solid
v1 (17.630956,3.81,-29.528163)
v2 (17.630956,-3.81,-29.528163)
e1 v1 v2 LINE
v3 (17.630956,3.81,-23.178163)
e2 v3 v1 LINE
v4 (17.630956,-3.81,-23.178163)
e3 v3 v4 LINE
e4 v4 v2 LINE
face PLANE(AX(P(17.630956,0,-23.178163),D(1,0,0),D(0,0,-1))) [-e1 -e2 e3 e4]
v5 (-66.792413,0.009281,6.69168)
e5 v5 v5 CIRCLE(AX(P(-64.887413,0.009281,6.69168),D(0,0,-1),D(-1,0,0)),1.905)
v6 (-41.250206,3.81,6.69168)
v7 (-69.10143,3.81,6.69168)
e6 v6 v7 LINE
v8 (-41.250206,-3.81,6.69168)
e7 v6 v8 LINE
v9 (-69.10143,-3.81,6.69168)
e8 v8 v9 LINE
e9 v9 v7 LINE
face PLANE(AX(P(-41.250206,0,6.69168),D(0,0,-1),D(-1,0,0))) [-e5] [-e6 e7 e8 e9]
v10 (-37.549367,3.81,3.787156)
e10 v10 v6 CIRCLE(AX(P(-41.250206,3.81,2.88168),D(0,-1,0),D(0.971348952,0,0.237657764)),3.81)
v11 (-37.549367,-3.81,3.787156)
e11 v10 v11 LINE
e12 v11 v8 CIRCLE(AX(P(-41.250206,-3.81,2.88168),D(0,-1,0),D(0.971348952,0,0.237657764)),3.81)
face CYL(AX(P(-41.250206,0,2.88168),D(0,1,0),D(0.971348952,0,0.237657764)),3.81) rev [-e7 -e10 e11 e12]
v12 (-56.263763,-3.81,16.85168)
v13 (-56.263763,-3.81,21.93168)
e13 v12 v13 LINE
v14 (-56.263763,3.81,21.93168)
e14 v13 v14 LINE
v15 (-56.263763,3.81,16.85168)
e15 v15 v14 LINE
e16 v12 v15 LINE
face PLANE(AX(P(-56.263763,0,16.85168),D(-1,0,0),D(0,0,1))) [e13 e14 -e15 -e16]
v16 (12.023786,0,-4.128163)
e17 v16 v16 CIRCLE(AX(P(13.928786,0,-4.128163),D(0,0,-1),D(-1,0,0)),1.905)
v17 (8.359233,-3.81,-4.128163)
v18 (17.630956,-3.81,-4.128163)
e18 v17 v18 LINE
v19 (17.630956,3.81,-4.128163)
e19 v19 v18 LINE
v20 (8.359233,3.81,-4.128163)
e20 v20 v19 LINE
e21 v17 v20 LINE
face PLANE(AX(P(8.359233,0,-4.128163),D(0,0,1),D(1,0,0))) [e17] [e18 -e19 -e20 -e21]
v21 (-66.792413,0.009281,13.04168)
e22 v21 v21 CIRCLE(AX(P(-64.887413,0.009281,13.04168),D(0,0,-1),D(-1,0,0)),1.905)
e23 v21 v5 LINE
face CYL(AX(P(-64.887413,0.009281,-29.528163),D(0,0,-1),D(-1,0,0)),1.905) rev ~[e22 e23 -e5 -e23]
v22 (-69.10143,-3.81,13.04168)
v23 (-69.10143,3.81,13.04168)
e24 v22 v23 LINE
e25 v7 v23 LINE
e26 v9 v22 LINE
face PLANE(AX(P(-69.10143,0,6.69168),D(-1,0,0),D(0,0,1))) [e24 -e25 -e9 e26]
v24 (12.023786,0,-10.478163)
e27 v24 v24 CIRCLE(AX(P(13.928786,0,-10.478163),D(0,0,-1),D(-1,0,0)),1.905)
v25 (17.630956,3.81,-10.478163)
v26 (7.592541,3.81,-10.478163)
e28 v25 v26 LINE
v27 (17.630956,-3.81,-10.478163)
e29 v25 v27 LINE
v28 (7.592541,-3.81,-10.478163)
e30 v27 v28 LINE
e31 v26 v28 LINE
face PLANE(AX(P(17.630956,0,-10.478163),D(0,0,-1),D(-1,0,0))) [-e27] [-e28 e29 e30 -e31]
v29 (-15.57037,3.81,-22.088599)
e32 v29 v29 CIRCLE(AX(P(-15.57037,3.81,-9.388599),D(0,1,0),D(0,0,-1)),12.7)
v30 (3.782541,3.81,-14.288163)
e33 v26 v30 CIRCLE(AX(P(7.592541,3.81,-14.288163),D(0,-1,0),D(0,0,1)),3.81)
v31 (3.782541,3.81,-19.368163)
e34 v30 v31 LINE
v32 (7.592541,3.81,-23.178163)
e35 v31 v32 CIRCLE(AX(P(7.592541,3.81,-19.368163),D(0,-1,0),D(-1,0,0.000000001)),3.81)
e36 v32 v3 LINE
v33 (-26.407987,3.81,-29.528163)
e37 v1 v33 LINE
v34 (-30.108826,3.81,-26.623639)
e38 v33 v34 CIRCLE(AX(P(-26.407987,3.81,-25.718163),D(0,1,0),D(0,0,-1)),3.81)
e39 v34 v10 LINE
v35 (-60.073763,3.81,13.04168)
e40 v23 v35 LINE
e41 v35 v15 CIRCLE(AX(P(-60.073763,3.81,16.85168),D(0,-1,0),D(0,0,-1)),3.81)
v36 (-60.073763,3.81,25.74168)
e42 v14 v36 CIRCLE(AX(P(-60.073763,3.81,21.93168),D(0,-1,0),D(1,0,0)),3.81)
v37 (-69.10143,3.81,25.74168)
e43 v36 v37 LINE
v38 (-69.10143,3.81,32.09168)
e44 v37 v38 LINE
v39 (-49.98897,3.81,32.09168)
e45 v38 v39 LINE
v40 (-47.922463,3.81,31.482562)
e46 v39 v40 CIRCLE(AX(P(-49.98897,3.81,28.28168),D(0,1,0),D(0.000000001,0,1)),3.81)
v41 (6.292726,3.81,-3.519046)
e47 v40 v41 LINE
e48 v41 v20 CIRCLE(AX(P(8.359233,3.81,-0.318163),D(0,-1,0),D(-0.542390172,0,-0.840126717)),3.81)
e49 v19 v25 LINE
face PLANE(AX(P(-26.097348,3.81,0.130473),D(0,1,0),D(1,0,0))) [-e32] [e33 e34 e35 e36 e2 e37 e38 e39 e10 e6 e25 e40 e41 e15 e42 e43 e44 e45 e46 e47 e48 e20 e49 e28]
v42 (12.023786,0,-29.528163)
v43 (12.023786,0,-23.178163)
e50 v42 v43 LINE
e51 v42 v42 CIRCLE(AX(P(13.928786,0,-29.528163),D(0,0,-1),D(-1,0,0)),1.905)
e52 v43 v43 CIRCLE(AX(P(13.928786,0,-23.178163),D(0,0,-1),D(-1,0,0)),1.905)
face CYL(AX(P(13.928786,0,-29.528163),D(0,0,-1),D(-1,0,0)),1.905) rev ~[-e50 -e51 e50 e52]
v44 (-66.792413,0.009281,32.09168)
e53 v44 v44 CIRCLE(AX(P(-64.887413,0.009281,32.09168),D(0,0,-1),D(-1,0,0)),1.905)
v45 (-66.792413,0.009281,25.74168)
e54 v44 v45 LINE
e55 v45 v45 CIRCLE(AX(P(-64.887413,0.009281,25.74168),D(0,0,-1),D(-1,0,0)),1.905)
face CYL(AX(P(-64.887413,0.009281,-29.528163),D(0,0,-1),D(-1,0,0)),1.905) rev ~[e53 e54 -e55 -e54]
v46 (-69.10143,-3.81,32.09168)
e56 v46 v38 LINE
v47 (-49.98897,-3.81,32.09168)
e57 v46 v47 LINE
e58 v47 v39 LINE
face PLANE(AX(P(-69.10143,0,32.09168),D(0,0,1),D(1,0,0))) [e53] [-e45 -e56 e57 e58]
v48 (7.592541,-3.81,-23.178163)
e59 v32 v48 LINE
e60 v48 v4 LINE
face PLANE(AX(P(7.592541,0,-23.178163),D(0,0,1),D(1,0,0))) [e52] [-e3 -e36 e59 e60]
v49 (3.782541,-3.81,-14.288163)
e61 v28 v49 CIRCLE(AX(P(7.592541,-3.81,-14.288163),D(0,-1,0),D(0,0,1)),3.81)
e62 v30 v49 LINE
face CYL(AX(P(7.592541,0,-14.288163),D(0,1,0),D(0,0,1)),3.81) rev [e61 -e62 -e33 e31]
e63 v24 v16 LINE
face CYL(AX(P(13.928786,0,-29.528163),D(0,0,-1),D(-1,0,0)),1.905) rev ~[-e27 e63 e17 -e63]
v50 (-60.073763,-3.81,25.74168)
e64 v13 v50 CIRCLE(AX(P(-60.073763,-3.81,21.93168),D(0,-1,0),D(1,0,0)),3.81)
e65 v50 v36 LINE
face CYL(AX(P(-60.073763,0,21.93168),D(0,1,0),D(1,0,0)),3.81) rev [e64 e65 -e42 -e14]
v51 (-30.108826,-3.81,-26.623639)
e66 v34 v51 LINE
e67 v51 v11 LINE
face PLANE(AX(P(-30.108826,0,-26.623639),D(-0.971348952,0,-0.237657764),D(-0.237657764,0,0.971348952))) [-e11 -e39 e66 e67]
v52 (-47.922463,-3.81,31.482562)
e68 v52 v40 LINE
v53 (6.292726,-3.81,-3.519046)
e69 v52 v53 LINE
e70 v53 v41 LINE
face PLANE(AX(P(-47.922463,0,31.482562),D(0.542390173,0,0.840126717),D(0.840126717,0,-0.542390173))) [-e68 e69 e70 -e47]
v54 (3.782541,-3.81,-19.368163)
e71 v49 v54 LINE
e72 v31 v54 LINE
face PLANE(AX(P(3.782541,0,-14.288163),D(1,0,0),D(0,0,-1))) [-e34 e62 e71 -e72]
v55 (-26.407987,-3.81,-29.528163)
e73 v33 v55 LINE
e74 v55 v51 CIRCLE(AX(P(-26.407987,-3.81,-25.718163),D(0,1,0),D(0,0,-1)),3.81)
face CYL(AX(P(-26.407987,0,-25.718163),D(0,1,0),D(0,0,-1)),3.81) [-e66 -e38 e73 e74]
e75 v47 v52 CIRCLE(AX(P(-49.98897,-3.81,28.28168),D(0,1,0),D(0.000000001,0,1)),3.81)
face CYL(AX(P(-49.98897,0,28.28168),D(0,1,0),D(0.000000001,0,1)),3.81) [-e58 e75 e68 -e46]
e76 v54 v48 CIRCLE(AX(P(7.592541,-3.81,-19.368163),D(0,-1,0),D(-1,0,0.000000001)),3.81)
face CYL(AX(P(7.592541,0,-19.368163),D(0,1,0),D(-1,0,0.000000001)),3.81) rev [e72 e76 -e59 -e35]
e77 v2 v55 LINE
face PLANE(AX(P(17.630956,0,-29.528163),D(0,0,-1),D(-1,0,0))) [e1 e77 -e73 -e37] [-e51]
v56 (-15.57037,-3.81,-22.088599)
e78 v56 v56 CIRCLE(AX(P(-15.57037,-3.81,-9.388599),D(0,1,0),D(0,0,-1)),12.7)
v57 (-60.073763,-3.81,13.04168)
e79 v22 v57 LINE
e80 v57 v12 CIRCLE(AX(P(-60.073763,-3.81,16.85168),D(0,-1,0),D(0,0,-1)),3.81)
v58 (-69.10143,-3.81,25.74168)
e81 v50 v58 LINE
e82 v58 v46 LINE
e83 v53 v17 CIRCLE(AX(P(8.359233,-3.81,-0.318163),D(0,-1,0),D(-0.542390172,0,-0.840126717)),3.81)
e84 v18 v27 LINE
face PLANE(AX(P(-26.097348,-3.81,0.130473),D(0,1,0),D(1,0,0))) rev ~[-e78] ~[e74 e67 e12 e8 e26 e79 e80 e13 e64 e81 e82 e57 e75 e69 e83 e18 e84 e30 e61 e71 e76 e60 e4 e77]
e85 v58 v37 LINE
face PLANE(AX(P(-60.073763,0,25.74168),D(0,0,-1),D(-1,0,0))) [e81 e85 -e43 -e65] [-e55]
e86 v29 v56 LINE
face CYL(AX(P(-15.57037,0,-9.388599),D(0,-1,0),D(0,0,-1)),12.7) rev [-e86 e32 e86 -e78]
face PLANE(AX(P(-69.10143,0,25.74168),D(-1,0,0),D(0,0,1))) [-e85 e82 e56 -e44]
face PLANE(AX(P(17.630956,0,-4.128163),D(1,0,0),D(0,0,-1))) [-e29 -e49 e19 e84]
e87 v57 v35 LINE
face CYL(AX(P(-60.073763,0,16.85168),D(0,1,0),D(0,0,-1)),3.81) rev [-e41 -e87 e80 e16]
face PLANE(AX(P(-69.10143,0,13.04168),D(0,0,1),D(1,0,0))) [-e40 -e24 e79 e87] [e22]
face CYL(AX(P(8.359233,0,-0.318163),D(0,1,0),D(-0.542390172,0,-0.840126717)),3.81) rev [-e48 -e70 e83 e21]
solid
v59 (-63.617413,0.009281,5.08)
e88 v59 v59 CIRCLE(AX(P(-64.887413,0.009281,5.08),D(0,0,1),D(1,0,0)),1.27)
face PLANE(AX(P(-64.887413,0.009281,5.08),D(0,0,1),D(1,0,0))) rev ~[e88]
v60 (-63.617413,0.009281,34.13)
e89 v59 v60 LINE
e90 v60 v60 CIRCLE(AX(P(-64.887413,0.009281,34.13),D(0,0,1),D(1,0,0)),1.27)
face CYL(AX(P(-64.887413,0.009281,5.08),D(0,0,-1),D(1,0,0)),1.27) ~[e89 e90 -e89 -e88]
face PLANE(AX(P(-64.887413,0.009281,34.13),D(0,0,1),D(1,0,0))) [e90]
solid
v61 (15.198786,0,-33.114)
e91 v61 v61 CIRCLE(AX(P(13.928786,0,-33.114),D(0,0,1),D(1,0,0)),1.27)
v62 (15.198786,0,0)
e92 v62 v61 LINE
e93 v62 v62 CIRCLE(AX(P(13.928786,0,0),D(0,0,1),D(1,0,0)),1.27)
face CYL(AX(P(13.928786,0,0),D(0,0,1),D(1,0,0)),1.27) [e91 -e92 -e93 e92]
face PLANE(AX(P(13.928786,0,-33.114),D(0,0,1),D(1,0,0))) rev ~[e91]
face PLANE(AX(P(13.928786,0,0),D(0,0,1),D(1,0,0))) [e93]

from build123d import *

# Parameters (mm, degrees)
SKETCH21_R         = 12.7
EXTRUDE1_DEPTH     = 3.81
SKETCH22_R         = 1.905
CUT_EXTRUDE1_DEPTH = 91.7575
SKETCH23_R         = 1.27
EXTRUDE2_DEPTH     = 33.114
EXTRUDE3_START     = 5.08
SKETCH23_3_R       = 1.27
EXTRUDE3_DEPTH     = 29.05


with BuildPart() as part:
    # Sketch21 → Extrude1 (new, symmetric)
    with BuildSketch(Plane(origin=(0, 0, 0), x_dir=(1, 0, 0), z_dir=(0, 1, 0))):
        with BuildLine():
            Line((-41.250206389, -6.691679553), (-69.101430131, -6.691679553))
            Line((-69.101430131, -6.691679553), (-69.101430131, -13.041679553))
            Line((-69.101430131, -13.041679553), (-60.073763005, -13.041679553))
            ThreePointArc((-60.073763005, -13.041679553), (-57.379686169, -14.157602716), (-56.263763005, -16.851679553))
            Line((-56.263763005, -16.851679553), (-56.263763005, -21.931679553))
            ThreePointArc((-56.263763005, -21.931679553), (-57.379686169, -24.625756389), (-60.073763005, -25.741679553))
            Line((-60.073763005, -25.741679553), (-69.101430131, -25.741679553))
            Line((-69.101430131, -25.741679553), (-69.101430131, -32.091679553))
            Line((-69.101430131, -32.091679553), (-49.98896999, -32.091679553))
            ThreePointArc((-49.98896999, -32.091679553), (-48.911766071, -31.936229007), (-47.922463432, -31.482562344))
            Line((-47.922463432, -31.482562344), (6.292726052, 3.519045616))
            ThreePointArc((6.292726052, 3.519045616), (7.282028692, 3.972712279), (8.35923261, 4.128162824))
            Line((8.35923261, 4.128162824), (17.630956358, 4.128162824))
            Line((17.630956358, 4.128162824), (17.630956358, 10.478162824))
            Line((17.630956358, 10.478162824), (7.592541293, 10.478162824))
            ThreePointArc((7.592541293, 10.478162824), (4.898464456, 11.594085988), (3.782541293, 14.288162824))
            Line((3.782541293, 14.288162824), (3.782541293, 19.368162824))
            ThreePointArc((3.782541293, 19.368162824), (4.898464456, 22.062239661), (7.592541293, 23.178162824))
            Line((7.592541293, 23.178162824), (17.630956358, 23.178162824))
            Line((17.630956358, 23.178162824), (17.630956358, 29.528162824))
            Line((17.630956358, 29.528162824), (-26.407986655, 29.528162824))
            ThreePointArc((-26.407986655, 29.528162824), (-28.760244733, 28.715325138), (-30.108826164, 26.623638905))
            Line((-30.108826164, 26.623638905), (-37.549366881, -3.787155633))
            ThreePointArc((-37.549366881, -3.787155633), (-38.897948311, -5.878841866), (-41.250206389, -6.691679553))
        make_face()
        with Locations((-15.570369897, 9.388598571)):
            Circle(SKETCH21_R, mode=Mode.SUBTRACT)
    extrude(amount=EXTRUDE1_DEPTH, both=True)

    # Sketch22 → Cut-Extrude1 (cut, symmetric)
    with BuildSketch(Plane(origin=(0, 0, -29.528162824), x_dir=(-1, 0, 0), z_dir=(0, 0, -1))):
        with Locations((-13.928786076, 0)):
            Circle(SKETCH22_R)
        with Locations((64.887413377, 0.009280662)):
            Circle(SKETCH22_R)
    extrude(amount=CUT_EXTRUDE1_DEPTH, both=True, mode=Mode.SUBTRACT)


with BuildPart() as body_2:
    # Sketch23 → Extrude2 (new body)
    with BuildSketch(Plane.XY):
        with Locations((13.928786076, 0)):
            Circle(SKETCH23_R)
    extrude(amount=-EXTRUDE2_DEPTH)


with BuildPart() as body_3:
    # Sketch23<3> → Extrude3 (new body)
    with BuildSketch(Plane.XY.offset(EXTRUDE3_START)):
        with Locations((-64.887413377, 0.009280662)):
            Circle(SKETCH23_3_R)
    extrude(amount=EXTRUDE3_DEPTH)


solid = Compound([part.part, body_2.part, body_3.part])
